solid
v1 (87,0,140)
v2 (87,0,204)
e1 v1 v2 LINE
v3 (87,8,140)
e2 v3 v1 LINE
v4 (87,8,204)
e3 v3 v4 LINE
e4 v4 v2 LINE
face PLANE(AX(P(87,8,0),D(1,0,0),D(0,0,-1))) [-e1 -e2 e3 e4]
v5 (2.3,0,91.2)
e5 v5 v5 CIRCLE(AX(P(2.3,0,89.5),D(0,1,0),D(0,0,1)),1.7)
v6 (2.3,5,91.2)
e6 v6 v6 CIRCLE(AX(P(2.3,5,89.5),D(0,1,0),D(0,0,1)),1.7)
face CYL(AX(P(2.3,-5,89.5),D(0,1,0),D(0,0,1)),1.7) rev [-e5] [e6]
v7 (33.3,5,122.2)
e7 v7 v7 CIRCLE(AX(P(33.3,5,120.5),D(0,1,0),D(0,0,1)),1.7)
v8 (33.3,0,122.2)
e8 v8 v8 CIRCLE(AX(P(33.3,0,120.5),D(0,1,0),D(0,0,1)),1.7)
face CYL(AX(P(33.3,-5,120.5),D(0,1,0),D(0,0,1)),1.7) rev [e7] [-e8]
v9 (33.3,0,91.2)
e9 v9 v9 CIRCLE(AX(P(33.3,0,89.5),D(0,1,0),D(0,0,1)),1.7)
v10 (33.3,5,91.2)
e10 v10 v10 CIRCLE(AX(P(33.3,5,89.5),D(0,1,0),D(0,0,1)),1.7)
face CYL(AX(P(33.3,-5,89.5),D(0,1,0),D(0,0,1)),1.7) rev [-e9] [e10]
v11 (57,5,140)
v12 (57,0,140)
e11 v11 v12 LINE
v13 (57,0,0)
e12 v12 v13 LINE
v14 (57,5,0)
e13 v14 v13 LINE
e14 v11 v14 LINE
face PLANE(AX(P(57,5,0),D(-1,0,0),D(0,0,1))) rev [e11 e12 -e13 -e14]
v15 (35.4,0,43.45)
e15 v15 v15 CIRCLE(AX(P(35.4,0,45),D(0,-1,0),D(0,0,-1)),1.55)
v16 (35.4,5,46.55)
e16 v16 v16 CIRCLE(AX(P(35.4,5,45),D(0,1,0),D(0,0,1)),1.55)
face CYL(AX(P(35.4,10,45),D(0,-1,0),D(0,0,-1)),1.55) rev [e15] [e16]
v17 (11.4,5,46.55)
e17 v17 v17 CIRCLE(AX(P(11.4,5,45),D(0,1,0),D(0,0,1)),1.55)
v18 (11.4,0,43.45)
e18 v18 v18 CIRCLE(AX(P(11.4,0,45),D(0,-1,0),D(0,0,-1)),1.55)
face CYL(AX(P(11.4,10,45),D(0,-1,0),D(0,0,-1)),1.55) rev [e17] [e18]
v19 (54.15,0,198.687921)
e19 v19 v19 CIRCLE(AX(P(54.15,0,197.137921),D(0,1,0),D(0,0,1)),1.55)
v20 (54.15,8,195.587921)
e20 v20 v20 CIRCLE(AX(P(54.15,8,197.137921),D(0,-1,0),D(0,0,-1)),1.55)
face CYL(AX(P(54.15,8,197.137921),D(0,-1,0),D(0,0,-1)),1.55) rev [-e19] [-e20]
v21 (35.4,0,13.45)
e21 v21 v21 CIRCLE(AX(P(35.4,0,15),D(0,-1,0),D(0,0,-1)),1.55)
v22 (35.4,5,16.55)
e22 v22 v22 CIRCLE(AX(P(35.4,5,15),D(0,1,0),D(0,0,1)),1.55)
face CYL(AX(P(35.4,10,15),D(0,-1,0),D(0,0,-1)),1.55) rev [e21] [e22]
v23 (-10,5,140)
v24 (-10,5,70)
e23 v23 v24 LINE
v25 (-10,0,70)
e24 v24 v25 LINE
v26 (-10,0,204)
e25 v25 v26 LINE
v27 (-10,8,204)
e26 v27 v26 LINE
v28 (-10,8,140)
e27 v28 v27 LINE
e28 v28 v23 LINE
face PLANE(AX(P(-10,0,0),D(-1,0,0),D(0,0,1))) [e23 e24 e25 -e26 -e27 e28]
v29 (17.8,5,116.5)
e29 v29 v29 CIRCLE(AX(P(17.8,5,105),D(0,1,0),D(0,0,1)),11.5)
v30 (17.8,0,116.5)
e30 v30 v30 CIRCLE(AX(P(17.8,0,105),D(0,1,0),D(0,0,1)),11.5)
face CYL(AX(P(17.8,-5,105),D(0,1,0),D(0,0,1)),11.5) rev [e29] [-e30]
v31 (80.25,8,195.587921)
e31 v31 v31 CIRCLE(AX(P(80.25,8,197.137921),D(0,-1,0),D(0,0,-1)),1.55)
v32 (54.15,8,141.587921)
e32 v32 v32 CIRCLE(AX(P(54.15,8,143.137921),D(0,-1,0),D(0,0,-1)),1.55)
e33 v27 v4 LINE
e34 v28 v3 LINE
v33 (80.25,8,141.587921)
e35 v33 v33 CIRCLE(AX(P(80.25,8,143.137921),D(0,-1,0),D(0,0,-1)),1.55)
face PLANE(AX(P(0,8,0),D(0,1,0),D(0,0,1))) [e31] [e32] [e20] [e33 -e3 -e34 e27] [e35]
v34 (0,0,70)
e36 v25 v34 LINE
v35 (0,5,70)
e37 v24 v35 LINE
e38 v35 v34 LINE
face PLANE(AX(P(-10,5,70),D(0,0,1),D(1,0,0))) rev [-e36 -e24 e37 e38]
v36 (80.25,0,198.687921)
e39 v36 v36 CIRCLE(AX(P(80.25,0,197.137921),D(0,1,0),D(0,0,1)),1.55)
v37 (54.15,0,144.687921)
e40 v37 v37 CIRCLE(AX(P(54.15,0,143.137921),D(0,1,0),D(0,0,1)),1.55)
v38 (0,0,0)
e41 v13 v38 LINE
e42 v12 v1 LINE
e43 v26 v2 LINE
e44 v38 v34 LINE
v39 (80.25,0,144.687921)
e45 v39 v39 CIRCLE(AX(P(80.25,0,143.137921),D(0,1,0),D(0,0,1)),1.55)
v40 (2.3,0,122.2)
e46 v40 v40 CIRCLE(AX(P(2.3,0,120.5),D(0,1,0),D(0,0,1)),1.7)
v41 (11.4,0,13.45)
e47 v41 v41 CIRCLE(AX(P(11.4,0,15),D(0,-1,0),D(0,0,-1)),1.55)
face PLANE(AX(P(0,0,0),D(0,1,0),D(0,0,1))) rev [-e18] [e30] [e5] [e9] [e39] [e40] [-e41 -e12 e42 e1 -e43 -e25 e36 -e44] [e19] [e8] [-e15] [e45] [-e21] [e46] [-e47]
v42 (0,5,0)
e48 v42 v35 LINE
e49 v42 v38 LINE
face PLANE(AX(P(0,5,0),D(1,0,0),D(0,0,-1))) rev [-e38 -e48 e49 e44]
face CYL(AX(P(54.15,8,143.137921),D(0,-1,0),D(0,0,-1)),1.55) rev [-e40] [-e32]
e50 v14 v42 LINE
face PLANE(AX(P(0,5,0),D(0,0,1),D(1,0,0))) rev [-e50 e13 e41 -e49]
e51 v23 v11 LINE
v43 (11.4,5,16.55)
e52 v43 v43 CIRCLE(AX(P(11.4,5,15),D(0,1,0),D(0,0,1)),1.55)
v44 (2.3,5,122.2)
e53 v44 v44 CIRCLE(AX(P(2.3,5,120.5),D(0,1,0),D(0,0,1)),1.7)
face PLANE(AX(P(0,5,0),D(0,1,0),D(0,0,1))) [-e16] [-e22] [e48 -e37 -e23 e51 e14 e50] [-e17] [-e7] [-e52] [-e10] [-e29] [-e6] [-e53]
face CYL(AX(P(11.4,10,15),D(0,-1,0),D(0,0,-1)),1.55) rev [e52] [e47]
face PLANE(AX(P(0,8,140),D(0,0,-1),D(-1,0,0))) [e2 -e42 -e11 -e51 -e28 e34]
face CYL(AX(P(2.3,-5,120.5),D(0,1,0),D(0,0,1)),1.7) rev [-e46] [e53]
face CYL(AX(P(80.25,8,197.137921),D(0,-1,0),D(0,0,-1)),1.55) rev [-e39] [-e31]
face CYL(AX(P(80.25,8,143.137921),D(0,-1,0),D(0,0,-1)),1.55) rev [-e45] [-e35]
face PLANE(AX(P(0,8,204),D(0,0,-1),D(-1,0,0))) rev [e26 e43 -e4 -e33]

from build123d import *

# Parameters (mm, degrees)
SKETCH_1_W               = 57
SKETCH_1_H               = 140
EXTRUDE_1_DEPTH          = 5
SKETCH_2_R               = 1.55
CUT_EXTRUDE_1_DEPTH      = 10
SKETCH_5_W               = 70
SKETCH_5_H               = 5
EXTRUDE_2_DEPTH          = 10
SKETCH_6_R               = 11.5
SKETCH_6_R_2             = 1.7
CUT_EXTRUDE_2_DEPTH      = 10
EXTRUDE_4_DEPTH          = 3
EXTRUDE_4_DEPTH_BACK     = 5
CUT_EXTRUDE_3_DEPTH      = 222.921157171
CUT_EXTRUDE_3_DEPTH_BACK = 222.921157171
SKETCH_8_R               = 1.55


with BuildPart() as part:
    # 草图1 → 凸台-拉伸1 (new body)
    with BuildSketch(Plane(origin=(0, 0, 0), x_dir=(1, 0, 0), z_dir=(0, 1, 0))):
        with Locations((28.5, -70)):
            Rectangle(SKETCH_1_W, SKETCH_1_H)
    extrude(amount=EXTRUDE_1_DEPTH)

    # 草图2 → 切除-拉伸1 (cut)
    with BuildSketch(Plane.XZ):
        with Locations(Location((11.4, 45, 0), (0, 0, 270))):
            Circle(SKETCH_2_R)
        with Locations(Location((11.4, 15, 0), (0, 0, 270))):
            Circle(SKETCH_2_R)
        with Locations(Location((35.4, 15, 0), (0, 0, 270))):
            Circle(SKETCH_2_R)
        with Locations(Location((35.4, 45, 0), (0, 0, 270))):
            Circle(SKETCH_2_R)
    extrude(amount=-CUT_EXTRUDE_1_DEPTH, mode=Mode.SUBTRACT)

    # 草图5 → 凸台-拉伸2 (add)
    with BuildSketch(Plane.ZY):
        with Locations((105, 2.5)):
            Rectangle(SKETCH_5_W, SKETCH_5_H)
    extrude(amount=EXTRUDE_2_DEPTH)

    # 草图6 → 切除-拉伸2 (cut)
    with BuildSketch(Plane(origin=(0, 5, 0), x_dir=(1, 0, 0), z_dir=(0, 1, 0))):
        with Locations(Location((17.8, -105, 0), (0, 0, 270))):
            Circle(SKETCH_6_R)
        with Locations(Location((33.3, -89.5, 0), (0, 0, 270))):
            Circle(SKETCH_6_R_2)
        with Locations(Location((2.3, -89.5, 0), (0, 0, 270))):
            Circle(SKETCH_6_R_2)
        with Locations(Location((2.3, -120.5, 0), (0, 0, 270))):
            Circle(SKETCH_6_R_2)
        with Locations(Location((33.3, -120.5, 0), (0, 0, 270))):
            Circle(SKETCH_6_R_2)
    extrude(amount=-CUT_EXTRUDE_2_DEPTH, mode=Mode.SUBTRACT)

    # 草图7 → 凸台-拉伸4 (add, two sides: drawn at the far end of the back side and taken through both)
    with BuildSketch(Plane(origin=(0, 5, 0), x_dir=(1, 0, 0), z_dir=(0, 1, 0)).offset(-EXTRUDE_4_DEPTH_BACK)):
        Polygon((87, -140), (57, -140), (-10, -140), (-10, -204), (87, -204), align=None)
    extrude(amount=EXTRUDE_4_DEPTH + EXTRUDE_4_DEPTH_BACK)

    # 草图8 → 切除-拉伸3 (cut, two sides: drawn at the far end of the back side and taken through both)
    with BuildSketch(Plane.XZ.offset(-CUT_EXTRUDE_3_DEPTH_BACK)):
        with Locations(Location((54.15, 197.137921192, 0), (0, 0, 270))):
            Circle(SKETCH_8_R)
        with Locations(Location((80.25, 197.137921192, 0), (0, 0, 270))):
            Circle(SKETCH_8_R)
        with Locations(Location((54.15, 143.137921192, 0), (0, 0, 270))):
            Circle(SKETCH_8_R)
        with Locations(Location((80.25, 143.137921192, 0), (0, 0, 270))):
            Circle(SKETCH_8_R)
    extrude(amount=CUT_EXTRUDE_3_DEPTH + CUT_EXTRUDE_3_DEPTH_BACK, mode=Mode.SUBTRACT)


solid = part.part
